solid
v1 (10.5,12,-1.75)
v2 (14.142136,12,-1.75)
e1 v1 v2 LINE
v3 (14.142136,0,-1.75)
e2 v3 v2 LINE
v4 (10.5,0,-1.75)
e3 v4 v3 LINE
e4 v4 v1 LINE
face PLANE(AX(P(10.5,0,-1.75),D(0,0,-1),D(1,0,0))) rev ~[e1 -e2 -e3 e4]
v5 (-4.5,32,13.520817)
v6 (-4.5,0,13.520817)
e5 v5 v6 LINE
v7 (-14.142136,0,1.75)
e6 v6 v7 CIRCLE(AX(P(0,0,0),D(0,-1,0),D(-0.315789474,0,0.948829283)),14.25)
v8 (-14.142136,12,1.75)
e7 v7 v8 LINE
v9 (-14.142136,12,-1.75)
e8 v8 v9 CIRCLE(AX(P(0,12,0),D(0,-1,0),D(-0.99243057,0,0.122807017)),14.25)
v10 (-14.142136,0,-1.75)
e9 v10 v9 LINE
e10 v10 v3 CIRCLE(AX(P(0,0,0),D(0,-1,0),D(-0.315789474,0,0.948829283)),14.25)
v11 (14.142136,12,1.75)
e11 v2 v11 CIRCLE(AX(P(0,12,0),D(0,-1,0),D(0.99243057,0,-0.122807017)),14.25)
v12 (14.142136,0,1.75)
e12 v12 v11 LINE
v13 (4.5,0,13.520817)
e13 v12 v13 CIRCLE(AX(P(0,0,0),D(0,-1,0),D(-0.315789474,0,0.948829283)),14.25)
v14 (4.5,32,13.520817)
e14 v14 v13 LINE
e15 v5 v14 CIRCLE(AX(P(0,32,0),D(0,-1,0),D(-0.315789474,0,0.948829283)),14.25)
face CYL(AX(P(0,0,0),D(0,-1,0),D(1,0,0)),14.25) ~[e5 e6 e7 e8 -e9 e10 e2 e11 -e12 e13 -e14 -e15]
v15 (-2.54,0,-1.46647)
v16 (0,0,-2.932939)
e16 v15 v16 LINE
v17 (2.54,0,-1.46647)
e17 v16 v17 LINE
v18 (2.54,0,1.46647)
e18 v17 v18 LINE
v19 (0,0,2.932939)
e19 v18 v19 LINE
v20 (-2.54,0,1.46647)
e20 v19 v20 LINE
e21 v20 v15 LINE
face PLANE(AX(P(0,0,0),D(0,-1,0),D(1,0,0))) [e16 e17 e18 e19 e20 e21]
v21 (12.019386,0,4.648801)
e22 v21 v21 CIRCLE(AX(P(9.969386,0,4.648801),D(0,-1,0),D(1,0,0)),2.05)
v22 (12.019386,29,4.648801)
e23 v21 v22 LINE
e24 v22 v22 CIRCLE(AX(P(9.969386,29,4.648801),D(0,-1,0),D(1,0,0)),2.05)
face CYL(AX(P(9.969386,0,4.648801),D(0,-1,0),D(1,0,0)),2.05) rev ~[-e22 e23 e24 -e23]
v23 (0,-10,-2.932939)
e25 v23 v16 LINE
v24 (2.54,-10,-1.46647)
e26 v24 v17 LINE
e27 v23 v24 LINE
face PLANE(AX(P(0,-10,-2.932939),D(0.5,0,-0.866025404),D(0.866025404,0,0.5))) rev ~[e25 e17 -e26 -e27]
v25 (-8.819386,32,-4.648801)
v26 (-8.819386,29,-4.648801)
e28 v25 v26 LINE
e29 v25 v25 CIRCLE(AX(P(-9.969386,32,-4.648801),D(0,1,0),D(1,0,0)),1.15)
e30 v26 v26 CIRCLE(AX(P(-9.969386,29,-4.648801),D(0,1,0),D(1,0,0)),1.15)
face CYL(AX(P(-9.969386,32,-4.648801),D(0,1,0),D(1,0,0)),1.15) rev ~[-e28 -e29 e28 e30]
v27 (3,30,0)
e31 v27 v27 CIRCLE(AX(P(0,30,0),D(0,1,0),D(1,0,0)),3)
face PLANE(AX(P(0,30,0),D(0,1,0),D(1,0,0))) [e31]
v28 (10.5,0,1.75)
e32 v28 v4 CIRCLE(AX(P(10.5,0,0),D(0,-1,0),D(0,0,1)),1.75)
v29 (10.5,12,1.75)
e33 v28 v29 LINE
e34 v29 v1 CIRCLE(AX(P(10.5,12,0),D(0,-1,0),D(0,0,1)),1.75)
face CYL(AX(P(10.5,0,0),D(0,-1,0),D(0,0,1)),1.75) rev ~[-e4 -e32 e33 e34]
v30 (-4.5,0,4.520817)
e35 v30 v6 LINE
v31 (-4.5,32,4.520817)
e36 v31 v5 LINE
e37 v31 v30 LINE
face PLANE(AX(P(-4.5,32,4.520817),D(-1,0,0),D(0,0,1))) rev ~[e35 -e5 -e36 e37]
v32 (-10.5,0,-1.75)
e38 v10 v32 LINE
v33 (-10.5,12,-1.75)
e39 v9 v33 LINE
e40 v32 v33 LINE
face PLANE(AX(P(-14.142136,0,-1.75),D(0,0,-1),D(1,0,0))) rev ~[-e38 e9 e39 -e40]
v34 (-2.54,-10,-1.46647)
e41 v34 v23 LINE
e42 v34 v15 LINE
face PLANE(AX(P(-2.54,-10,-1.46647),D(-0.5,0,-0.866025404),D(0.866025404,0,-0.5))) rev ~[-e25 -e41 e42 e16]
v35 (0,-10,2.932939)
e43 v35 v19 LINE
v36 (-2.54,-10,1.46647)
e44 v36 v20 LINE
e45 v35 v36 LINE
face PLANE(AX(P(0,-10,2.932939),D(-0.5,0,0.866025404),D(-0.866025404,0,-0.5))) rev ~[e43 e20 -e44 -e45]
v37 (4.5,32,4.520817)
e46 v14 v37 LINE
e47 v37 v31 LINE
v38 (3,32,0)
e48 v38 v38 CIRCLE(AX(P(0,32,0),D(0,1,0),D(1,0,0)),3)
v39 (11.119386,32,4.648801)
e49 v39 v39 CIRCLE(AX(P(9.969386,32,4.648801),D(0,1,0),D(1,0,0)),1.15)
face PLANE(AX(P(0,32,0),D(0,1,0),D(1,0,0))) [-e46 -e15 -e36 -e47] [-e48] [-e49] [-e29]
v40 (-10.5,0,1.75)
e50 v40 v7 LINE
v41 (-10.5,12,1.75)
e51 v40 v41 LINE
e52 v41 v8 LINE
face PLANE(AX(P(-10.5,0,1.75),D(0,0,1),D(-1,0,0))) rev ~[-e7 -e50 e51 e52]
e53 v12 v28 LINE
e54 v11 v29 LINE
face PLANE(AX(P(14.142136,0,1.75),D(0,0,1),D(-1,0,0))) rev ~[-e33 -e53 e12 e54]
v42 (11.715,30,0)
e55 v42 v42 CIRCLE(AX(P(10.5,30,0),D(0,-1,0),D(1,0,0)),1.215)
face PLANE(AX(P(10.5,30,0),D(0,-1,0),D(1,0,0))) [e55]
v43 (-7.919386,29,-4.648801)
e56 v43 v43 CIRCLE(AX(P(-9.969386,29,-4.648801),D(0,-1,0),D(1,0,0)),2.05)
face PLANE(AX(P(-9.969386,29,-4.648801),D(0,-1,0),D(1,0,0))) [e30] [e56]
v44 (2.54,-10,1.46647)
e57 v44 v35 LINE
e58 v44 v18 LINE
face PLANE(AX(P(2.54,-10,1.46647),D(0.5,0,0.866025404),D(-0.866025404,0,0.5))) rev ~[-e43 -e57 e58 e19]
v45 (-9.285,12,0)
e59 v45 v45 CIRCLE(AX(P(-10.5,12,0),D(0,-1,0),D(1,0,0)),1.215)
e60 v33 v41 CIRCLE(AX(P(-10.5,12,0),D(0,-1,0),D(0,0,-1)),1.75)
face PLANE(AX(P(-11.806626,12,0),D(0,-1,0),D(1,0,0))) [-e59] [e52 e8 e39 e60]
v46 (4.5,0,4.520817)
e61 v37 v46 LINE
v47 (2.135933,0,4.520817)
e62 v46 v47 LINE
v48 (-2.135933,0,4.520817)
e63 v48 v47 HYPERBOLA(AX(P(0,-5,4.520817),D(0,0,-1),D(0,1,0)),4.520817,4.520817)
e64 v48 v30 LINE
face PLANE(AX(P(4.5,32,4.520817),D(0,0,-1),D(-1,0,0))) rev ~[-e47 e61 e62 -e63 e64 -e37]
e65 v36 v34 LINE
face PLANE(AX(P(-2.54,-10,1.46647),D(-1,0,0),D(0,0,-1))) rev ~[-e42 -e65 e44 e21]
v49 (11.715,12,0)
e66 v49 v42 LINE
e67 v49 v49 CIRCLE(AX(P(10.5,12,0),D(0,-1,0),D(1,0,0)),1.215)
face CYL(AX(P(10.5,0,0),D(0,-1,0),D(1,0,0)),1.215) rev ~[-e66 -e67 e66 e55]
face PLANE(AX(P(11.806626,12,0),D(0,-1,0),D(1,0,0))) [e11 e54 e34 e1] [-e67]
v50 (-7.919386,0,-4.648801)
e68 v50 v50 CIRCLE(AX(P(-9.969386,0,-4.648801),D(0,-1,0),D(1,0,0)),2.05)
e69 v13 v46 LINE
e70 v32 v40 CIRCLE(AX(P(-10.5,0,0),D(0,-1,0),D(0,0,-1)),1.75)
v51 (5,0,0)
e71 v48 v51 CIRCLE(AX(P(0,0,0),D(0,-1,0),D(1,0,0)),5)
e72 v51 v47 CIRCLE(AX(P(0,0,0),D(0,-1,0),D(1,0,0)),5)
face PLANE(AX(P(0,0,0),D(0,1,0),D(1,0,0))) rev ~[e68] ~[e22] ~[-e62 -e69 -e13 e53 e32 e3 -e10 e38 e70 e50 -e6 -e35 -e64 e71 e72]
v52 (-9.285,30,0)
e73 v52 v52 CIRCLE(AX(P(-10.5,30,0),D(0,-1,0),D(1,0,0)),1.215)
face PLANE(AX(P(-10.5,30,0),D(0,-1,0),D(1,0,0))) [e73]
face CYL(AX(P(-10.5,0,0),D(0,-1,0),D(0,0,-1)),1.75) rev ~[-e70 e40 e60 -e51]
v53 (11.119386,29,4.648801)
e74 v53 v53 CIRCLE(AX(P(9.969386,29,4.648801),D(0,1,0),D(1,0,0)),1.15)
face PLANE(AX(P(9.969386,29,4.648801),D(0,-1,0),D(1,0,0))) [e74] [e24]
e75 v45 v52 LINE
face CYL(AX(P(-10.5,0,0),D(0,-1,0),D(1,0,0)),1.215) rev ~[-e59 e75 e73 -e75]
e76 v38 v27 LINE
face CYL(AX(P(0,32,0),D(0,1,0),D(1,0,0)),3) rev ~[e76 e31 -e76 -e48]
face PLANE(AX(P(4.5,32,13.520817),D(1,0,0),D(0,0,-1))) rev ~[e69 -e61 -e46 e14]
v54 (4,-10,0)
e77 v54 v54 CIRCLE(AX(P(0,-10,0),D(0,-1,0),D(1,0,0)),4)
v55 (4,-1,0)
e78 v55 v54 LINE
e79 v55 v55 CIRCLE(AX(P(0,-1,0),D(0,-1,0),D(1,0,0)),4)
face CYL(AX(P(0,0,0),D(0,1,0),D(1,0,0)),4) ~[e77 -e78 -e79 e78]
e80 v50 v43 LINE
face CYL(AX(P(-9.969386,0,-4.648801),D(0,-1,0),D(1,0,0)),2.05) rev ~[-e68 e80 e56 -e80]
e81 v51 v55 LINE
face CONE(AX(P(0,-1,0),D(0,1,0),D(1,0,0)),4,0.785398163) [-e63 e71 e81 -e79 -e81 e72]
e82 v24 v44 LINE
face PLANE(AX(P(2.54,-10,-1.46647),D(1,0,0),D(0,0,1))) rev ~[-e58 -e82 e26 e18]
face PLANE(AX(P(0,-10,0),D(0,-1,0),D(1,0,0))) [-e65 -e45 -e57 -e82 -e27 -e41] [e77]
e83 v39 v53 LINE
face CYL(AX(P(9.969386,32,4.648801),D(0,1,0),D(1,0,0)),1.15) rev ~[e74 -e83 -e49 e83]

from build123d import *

# Parameters (mm, degrees)
SKETCH_1_R          = 14.25
EXTRUDE_1_DEPTH     = 32
SKETCH_3_R          = 1.215
CUT_EXTRUDE_1_DEPTH = 30
SKETCH_4_R          = 4
EXTRUDE_2_DEPTH     = 10
CUT_EXTRUDE_2_DEPTH = 10
CHAMFER_1_SIZE      = 1
CUT_EXTRUDE_3_DEPTH = 47.58460046
SKETCH_7_R          = 1.15
CUT_EXTRUDE_4_DEPTH = 47.58460046
SKETCH_8_R          = 3
CUT_EXTRUDE_5_DEPTH = 2
SKETCH_9_R          = 1.215
CUT_EXTRUDE_6_DEPTH = 12
SKETCH_10_R         = 2.05
CUT_EXTRUDE_7_DEPTH = 29


with BuildPart() as part:
    # 草图1 → 凸台-拉伸1 (new body)
    with BuildSketch(Plane(origin=(0, 0, 0), x_dir=(1, 0, 0), z_dir=(0, 1, 0))):
        Circle(SKETCH_1_R)
    extrude(amount=EXTRUDE_1_DEPTH)

    # 草图3 → 切除-拉伸1 (cut)
    with BuildSketch(Plane.XZ):
        with Locations((10.5, 0)):
            Circle(SKETCH_3_R)
        with Locations((-10.5, 0)):
            Circle(SKETCH_3_R)
    extrude(amount=-CUT_EXTRUDE_1_DEPTH, mode=Mode.SUBTRACT)

    # 草图4 → 凸台-拉伸2 (add)
    with BuildSketch(Plane.XZ):
        Circle(SKETCH_4_R)
    extrude(amount=EXTRUDE_2_DEPTH)

    # 草图5 → 切除-拉伸2 (cut)
    with BuildSketch(Plane.XZ.offset(10)):
        Polygon((0, -2.932939367), (2.54, -1.466469684), (2.54, 1.466469684), (0, 2.932939367), (-2.54, 1.466469684), (-2.54, -1.466469684), align=None)
    extrude(amount=-CUT_EXTRUDE_2_DEPTH, mode=Mode.SUBTRACT)

    # 倒角1
    chamfer_1_edges = [part.edges().sort_by_distance(p)[0] for p in [
        (-4, 0, 0),
    ]]
    chamfer(chamfer_1_edges, length=CHAMFER_1_SIZE)

    # 草图6 → 切除-拉伸3 (cut, through all)
    with BuildSketch(Plane(origin=(0, 32, 0), x_dir=(1, 0, 0), z_dir=(0, 1, 0))):
        with BuildLine():
            Line((4.5, -4.520817283), (-4.5, -4.520817283))
            Line((-4.5, -4.520817283), (-4.5, -13.520817283))
            ThreePointArc((-4.5, -13.520817283), (0, -14.25), (4.5, -13.520817283))
            Line((4.5, -13.520817283), (4.5, -4.520817283))
        make_face()
    extrude(amount=-CUT_EXTRUDE_3_DEPTH, mode=Mode.SUBTRACT)

    # 草图7 → 切除-拉伸4 (cut, through all)
    with BuildSketch(Plane(origin=(0, 32, 0), x_dir=(1, 0, 0), z_dir=(0, 1, 0))):
        with Locations((-9.969385657, 4.648800879)):
            Circle(SKETCH_7_R)
        with Locations((9.969385657, -4.648800879)):
            Circle(SKETCH_7_R)
    extrude(amount=-CUT_EXTRUDE_4_DEPTH, mode=Mode.SUBTRACT)

    # 草图8 → 切除-拉伸5 (cut)
    with BuildSketch(Plane(origin=(0, 32, 0), x_dir=(1, 0, 0), z_dir=(0, 1, 0))):
        Circle(SKETCH_8_R)
    extrude(amount=-CUT_EXTRUDE_5_DEPTH, mode=Mode.SUBTRACT)

    # 草图9 → 切除-拉伸6 (cut)
    # profile 1 of 2: a face of its own
    with BuildSketch(Plane.XZ):
        with BuildLine():
            ThreePointArc((-14.142135624, 1.75), (-14.25, 0), (-14.142135624, -1.75))
            Line((-14.142135624, -1.75), (-10.5, -1.75))
            ThreePointArc((-10.5, -1.75), (-8.75, 0), (-10.5, 1.75))
            Line((-10.5, 1.75), (-14.142135624, 1.75))
        make_face()
        with Locations((-10.5, 0)):
            Circle(SKETCH_9_R, mode=Mode.SUBTRACT)
    # profile 2 of 2: a face of its own
    with BuildSketch(Plane.XZ):
        with BuildLine():
            Line((10.5, -1.75), (14.142135624, -1.75))
            ThreePointArc((14.142135624, -1.75), (14.25, 0), (14.142135624, 1.75))
            Line((14.142135624, 1.75), (10.5, 1.75))
            ThreePointArc((10.5, 1.75), (8.75, 0), (10.5, -1.75))
        make_face()
        with Locations((10.5, 0)):
            Circle(SKETCH_9_R, mode=Mode.SUBTRACT)
    extrude(amount=-CUT_EXTRUDE_6_DEPTH, mode=Mode.SUBTRACT)

    # 草图10 → 切除-拉伸7 (cut)
    with BuildSketch(Plane.XZ):
        with Locations((-9.969385657, -4.648800879)):
            Circle(SKETCH_10_R)
        with Locations((9.969385657, 4.648800879)):
            Circle(SKETCH_10_R)
    extrude(amount=-CUT_EXTRUDE_7_DEPTH, mode=Mode.SUBTRACT)


solid = part.part
